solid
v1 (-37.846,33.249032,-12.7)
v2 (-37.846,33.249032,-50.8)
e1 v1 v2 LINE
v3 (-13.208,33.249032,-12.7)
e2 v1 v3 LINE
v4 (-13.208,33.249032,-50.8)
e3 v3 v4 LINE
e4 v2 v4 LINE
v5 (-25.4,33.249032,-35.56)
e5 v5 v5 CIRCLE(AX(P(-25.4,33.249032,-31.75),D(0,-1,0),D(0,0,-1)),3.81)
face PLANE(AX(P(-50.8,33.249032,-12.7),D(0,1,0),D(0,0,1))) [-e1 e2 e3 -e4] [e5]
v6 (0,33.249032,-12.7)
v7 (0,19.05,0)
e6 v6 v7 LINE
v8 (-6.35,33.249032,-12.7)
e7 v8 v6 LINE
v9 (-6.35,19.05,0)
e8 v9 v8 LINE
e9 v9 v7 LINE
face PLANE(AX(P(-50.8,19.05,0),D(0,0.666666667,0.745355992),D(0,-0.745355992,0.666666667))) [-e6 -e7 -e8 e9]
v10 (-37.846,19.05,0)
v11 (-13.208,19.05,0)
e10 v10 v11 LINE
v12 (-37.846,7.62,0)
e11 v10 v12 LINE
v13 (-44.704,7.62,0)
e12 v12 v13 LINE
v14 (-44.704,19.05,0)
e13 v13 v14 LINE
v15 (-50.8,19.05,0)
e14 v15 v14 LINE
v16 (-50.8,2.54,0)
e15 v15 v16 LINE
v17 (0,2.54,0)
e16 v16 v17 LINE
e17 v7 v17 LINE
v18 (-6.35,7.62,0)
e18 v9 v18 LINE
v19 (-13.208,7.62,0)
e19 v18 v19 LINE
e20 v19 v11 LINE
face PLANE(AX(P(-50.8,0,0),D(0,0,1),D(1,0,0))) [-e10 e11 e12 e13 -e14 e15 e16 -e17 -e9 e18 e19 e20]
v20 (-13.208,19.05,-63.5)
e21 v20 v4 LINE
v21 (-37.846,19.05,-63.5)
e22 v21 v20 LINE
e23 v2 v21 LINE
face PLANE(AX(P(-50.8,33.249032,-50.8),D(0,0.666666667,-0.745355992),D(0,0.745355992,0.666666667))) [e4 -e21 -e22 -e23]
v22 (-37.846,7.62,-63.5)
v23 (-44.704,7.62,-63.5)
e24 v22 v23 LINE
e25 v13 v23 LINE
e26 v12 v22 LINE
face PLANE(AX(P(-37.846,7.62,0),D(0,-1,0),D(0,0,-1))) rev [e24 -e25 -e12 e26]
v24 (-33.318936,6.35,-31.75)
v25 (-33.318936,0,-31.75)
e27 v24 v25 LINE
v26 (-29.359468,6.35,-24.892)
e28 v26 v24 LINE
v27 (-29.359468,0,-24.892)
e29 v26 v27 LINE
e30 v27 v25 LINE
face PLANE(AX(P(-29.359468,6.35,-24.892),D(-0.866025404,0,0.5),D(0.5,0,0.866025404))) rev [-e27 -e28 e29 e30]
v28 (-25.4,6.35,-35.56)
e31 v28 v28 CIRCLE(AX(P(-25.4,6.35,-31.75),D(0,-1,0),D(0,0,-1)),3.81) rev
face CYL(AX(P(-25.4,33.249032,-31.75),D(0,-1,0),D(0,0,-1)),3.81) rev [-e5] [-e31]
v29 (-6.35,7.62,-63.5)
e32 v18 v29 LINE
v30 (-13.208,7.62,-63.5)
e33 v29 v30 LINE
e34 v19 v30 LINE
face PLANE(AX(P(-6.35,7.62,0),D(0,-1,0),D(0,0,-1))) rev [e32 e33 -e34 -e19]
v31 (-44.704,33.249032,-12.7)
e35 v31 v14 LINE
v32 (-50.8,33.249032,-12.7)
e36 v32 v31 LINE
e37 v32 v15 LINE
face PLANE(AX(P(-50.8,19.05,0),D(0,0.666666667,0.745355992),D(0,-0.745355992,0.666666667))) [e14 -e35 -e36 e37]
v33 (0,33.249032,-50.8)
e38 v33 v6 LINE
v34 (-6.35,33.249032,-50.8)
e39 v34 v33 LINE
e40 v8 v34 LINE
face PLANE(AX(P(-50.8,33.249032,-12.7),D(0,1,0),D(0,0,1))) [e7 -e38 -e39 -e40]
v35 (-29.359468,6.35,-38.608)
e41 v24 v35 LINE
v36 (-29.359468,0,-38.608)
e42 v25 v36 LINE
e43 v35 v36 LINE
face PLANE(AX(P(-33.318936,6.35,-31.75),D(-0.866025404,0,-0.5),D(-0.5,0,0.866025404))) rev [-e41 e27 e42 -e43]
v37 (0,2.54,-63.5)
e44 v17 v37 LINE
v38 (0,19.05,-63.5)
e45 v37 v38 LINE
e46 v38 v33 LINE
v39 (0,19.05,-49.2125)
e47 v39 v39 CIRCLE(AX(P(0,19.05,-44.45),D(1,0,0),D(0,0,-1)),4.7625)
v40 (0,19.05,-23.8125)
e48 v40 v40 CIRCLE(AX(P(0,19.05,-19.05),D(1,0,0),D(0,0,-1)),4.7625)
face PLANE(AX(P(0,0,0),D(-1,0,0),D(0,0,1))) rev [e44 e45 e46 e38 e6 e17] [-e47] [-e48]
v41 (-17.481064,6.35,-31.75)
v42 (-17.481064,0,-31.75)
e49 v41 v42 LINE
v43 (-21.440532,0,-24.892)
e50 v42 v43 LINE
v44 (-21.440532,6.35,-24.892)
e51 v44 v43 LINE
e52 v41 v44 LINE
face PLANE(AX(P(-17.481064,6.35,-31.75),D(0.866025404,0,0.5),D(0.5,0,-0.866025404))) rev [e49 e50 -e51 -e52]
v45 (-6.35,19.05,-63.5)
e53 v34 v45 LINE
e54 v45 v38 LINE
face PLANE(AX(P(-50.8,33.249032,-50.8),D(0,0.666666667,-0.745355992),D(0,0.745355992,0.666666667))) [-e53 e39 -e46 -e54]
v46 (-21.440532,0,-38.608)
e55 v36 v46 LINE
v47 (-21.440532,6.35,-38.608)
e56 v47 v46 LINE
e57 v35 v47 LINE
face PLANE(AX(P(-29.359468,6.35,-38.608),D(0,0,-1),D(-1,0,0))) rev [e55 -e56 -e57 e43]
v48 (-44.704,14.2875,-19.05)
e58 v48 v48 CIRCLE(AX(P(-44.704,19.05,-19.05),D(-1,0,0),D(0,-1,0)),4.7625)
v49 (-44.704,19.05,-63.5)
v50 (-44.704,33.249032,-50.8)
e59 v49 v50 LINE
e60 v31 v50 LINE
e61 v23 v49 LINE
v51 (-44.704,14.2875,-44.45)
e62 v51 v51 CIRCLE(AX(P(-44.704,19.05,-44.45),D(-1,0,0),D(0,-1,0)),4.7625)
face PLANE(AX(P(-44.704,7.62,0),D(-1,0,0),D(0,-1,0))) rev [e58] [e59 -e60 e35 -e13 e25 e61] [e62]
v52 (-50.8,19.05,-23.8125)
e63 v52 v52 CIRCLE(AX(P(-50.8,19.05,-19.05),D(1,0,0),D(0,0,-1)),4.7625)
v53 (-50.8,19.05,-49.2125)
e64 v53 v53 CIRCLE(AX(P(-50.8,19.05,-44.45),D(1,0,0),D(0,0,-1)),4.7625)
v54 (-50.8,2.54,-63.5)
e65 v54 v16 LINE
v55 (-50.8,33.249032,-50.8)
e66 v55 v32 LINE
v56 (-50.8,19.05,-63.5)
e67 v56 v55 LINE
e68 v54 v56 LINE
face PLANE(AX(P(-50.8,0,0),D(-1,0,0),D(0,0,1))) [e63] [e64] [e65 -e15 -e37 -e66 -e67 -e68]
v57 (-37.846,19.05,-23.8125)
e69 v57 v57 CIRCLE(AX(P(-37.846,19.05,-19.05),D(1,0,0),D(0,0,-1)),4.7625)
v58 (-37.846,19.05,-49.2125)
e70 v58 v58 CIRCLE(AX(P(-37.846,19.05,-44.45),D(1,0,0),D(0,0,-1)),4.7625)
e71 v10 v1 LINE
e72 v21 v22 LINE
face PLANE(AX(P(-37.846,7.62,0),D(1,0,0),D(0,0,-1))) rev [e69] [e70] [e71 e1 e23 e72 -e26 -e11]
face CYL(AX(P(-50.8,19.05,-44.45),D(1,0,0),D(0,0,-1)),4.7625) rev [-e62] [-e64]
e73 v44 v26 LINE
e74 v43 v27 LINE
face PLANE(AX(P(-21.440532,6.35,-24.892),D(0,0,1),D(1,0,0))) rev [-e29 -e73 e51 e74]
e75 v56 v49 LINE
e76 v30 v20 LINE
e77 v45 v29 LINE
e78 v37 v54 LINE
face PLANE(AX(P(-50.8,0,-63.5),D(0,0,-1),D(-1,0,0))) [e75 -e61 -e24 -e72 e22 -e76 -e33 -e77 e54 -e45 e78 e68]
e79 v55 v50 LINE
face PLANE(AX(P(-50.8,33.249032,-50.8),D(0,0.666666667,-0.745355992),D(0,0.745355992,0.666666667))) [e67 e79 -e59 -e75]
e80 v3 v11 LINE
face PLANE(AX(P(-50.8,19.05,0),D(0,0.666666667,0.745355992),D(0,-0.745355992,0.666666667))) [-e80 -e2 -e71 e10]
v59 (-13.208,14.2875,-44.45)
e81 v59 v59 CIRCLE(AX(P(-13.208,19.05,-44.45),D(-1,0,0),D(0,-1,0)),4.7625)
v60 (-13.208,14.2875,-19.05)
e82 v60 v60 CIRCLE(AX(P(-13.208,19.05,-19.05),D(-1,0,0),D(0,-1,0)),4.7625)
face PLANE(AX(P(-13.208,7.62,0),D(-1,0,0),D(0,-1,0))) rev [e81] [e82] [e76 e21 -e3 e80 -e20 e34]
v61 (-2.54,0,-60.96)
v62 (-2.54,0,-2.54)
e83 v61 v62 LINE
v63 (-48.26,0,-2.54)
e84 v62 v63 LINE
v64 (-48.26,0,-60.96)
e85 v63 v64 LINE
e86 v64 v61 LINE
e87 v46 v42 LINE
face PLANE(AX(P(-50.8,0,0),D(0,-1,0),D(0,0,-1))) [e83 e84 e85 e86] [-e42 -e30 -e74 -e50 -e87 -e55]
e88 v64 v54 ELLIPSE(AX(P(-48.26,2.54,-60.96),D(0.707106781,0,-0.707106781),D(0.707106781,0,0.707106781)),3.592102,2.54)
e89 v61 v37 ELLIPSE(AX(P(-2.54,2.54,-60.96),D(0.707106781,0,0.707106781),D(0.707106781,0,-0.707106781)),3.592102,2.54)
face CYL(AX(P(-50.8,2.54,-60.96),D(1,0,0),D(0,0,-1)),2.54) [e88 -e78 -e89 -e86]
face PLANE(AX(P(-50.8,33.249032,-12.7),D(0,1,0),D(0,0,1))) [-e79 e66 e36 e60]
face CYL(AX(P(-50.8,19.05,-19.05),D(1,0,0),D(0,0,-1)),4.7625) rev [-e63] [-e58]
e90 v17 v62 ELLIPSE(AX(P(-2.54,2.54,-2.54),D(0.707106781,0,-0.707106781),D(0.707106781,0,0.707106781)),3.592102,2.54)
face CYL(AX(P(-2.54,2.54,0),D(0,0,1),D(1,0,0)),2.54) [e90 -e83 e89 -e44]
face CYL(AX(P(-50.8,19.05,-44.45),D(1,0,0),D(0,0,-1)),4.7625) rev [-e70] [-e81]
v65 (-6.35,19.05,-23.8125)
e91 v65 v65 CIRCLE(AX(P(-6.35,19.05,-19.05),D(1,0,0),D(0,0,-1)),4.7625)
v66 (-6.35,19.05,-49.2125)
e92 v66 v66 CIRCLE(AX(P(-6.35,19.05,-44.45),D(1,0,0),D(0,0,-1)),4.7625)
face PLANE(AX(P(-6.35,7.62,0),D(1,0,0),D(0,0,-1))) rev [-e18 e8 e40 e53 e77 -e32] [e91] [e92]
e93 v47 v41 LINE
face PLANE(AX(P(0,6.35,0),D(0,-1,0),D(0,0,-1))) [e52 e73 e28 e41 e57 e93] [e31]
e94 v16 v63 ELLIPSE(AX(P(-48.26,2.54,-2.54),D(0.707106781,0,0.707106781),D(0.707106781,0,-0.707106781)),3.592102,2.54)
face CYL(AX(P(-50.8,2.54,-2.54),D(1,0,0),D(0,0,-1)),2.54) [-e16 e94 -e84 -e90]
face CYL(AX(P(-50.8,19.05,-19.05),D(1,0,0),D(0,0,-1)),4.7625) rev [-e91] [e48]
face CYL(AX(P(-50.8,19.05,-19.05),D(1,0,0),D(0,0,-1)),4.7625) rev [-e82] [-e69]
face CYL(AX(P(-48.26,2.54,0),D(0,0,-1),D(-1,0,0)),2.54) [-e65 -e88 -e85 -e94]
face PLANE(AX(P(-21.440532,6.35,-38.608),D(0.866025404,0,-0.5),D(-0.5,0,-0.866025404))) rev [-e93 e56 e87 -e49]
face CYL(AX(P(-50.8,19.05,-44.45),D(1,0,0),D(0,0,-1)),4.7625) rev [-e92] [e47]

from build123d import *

# Parameters (mm, degrees)
SKETCH1_W           = 63.5
SKETCH1_H           = 6.35
BOSS_EXTRUDE1_DEPTH = 50.8
BOSS_EXTRUDE2_DEPTH = 50.8
SKETCH10_W          = 6.858
SKETCH10_H          = 25.629031657
CUT_EXTRUDE1_DEPTH  = 88.854357354
LPATTERN3_COUNT     = 2
LPATTERN3_PITCH     = 31.496
SKETCH11_R          = 4.7625
CUT_EXTRUDE2_DEPTH  = 88.854357354
FILLET1_R           = 2.54
SKETCH24_R          = 3.81
CUT_EXTRUDE10_DEPTH = 88.854357354
CUT_EXTRUDE11_DEPTH = 6.35


with BuildPart() as part:
    # Sketch1 → Boss-Extrude1 (new body)
    with BuildSketch(Plane(origin=(0, 0, 0), x_dir=(0, 0, -1), z_dir=(1, 0, 0))):
        with Locations((31.75, 3.175)):
            Rectangle(SKETCH1_W, SKETCH1_H)
    extrude(amount=-BOSS_EXTRUDE1_DEPTH)

    # Sketch2 → Boss-Extrude2 (add)
    with BuildSketch(Plane(origin=(0, 0, 0), x_dir=(0, 0, -1), z_dir=(1, 0, 0))):
        Polygon((0, 6.35), (0, 19.05), (12.7, 33.249031657), (50.8, 33.249031657), (63.5, 19.05), (63.5, 6.35), align=None)
    extrude(amount=-BOSS_EXTRUDE2_DEPTH)

    # Sketch10 → Cut-Extrude1 (cut, through all)
    with BuildSketch(Plane(origin=(0, 0, -63.5), x_dir=(-1, 0, 0), z_dir=(0, 0, -1))):
        with Locations((9.779, 20.434515829)):
            Rectangle(SKETCH10_W, SKETCH10_H)
    cut_extrude1 = extrude(amount=-CUT_EXTRUDE1_DEPTH, mode=Mode.SUBTRACT)

    # LPattern3: Cut-Extrude1 ×2
    with Locations(*[(-i * LPATTERN3_PITCH, 0, 0) for i in range(1, LPATTERN3_COUNT)]):
        add(cut_extrude1, mode=Mode.SUBTRACT)

    # Sketch11 → Cut-Extrude2 (cut, through all)
    with BuildSketch(Plane(origin=(0, 0, 0), x_dir=(0, 0, -1), z_dir=(1, 0, 0))):
        with Locations((19.05, 19.05)):
            Circle(SKETCH11_R)
        with Locations((44.45, 19.05)):
            Circle(SKETCH11_R)
    extrude(amount=-CUT_EXTRUDE2_DEPTH, mode=Mode.SUBTRACT)

    # Fillet1
    fillet1_edges = [part.edges().sort_by_distance(p)[0] for p in [
        (0, 0, -31.75),
        (-50.8, 0, -31.75),
        (-25.4, 0, -63.5),
        (-25.4, 0, 0),
    ]]
    fillet(fillet1_edges, radius=FILLET1_R)

    # Sketch24 → Cut-Extrude10 (cut, through all)
    with BuildSketch(Plane.XZ):
        with Locations(Location((-25.4, -31.75, 0), (0, 0, 270))):
            Circle(SKETCH24_R)
    extrude(amount=-CUT_EXTRUDE10_DEPTH, mode=Mode.SUBTRACT)

    # Sketch25 → Cut-Extrude11 (cut)
    with BuildSketch(Plane.XZ):
        Polygon((-29.359468146, -24.892), (-33.318936292, -31.75), (-29.359468146, -38.608), (-21.440531854, -38.608), (-17.481063708, -31.75), (-21.440531854, -24.892), align=None)
    extrude(amount=-CUT_EXTRUDE11_DEPTH, mode=Mode.SUBTRACT)


solid = part.part
